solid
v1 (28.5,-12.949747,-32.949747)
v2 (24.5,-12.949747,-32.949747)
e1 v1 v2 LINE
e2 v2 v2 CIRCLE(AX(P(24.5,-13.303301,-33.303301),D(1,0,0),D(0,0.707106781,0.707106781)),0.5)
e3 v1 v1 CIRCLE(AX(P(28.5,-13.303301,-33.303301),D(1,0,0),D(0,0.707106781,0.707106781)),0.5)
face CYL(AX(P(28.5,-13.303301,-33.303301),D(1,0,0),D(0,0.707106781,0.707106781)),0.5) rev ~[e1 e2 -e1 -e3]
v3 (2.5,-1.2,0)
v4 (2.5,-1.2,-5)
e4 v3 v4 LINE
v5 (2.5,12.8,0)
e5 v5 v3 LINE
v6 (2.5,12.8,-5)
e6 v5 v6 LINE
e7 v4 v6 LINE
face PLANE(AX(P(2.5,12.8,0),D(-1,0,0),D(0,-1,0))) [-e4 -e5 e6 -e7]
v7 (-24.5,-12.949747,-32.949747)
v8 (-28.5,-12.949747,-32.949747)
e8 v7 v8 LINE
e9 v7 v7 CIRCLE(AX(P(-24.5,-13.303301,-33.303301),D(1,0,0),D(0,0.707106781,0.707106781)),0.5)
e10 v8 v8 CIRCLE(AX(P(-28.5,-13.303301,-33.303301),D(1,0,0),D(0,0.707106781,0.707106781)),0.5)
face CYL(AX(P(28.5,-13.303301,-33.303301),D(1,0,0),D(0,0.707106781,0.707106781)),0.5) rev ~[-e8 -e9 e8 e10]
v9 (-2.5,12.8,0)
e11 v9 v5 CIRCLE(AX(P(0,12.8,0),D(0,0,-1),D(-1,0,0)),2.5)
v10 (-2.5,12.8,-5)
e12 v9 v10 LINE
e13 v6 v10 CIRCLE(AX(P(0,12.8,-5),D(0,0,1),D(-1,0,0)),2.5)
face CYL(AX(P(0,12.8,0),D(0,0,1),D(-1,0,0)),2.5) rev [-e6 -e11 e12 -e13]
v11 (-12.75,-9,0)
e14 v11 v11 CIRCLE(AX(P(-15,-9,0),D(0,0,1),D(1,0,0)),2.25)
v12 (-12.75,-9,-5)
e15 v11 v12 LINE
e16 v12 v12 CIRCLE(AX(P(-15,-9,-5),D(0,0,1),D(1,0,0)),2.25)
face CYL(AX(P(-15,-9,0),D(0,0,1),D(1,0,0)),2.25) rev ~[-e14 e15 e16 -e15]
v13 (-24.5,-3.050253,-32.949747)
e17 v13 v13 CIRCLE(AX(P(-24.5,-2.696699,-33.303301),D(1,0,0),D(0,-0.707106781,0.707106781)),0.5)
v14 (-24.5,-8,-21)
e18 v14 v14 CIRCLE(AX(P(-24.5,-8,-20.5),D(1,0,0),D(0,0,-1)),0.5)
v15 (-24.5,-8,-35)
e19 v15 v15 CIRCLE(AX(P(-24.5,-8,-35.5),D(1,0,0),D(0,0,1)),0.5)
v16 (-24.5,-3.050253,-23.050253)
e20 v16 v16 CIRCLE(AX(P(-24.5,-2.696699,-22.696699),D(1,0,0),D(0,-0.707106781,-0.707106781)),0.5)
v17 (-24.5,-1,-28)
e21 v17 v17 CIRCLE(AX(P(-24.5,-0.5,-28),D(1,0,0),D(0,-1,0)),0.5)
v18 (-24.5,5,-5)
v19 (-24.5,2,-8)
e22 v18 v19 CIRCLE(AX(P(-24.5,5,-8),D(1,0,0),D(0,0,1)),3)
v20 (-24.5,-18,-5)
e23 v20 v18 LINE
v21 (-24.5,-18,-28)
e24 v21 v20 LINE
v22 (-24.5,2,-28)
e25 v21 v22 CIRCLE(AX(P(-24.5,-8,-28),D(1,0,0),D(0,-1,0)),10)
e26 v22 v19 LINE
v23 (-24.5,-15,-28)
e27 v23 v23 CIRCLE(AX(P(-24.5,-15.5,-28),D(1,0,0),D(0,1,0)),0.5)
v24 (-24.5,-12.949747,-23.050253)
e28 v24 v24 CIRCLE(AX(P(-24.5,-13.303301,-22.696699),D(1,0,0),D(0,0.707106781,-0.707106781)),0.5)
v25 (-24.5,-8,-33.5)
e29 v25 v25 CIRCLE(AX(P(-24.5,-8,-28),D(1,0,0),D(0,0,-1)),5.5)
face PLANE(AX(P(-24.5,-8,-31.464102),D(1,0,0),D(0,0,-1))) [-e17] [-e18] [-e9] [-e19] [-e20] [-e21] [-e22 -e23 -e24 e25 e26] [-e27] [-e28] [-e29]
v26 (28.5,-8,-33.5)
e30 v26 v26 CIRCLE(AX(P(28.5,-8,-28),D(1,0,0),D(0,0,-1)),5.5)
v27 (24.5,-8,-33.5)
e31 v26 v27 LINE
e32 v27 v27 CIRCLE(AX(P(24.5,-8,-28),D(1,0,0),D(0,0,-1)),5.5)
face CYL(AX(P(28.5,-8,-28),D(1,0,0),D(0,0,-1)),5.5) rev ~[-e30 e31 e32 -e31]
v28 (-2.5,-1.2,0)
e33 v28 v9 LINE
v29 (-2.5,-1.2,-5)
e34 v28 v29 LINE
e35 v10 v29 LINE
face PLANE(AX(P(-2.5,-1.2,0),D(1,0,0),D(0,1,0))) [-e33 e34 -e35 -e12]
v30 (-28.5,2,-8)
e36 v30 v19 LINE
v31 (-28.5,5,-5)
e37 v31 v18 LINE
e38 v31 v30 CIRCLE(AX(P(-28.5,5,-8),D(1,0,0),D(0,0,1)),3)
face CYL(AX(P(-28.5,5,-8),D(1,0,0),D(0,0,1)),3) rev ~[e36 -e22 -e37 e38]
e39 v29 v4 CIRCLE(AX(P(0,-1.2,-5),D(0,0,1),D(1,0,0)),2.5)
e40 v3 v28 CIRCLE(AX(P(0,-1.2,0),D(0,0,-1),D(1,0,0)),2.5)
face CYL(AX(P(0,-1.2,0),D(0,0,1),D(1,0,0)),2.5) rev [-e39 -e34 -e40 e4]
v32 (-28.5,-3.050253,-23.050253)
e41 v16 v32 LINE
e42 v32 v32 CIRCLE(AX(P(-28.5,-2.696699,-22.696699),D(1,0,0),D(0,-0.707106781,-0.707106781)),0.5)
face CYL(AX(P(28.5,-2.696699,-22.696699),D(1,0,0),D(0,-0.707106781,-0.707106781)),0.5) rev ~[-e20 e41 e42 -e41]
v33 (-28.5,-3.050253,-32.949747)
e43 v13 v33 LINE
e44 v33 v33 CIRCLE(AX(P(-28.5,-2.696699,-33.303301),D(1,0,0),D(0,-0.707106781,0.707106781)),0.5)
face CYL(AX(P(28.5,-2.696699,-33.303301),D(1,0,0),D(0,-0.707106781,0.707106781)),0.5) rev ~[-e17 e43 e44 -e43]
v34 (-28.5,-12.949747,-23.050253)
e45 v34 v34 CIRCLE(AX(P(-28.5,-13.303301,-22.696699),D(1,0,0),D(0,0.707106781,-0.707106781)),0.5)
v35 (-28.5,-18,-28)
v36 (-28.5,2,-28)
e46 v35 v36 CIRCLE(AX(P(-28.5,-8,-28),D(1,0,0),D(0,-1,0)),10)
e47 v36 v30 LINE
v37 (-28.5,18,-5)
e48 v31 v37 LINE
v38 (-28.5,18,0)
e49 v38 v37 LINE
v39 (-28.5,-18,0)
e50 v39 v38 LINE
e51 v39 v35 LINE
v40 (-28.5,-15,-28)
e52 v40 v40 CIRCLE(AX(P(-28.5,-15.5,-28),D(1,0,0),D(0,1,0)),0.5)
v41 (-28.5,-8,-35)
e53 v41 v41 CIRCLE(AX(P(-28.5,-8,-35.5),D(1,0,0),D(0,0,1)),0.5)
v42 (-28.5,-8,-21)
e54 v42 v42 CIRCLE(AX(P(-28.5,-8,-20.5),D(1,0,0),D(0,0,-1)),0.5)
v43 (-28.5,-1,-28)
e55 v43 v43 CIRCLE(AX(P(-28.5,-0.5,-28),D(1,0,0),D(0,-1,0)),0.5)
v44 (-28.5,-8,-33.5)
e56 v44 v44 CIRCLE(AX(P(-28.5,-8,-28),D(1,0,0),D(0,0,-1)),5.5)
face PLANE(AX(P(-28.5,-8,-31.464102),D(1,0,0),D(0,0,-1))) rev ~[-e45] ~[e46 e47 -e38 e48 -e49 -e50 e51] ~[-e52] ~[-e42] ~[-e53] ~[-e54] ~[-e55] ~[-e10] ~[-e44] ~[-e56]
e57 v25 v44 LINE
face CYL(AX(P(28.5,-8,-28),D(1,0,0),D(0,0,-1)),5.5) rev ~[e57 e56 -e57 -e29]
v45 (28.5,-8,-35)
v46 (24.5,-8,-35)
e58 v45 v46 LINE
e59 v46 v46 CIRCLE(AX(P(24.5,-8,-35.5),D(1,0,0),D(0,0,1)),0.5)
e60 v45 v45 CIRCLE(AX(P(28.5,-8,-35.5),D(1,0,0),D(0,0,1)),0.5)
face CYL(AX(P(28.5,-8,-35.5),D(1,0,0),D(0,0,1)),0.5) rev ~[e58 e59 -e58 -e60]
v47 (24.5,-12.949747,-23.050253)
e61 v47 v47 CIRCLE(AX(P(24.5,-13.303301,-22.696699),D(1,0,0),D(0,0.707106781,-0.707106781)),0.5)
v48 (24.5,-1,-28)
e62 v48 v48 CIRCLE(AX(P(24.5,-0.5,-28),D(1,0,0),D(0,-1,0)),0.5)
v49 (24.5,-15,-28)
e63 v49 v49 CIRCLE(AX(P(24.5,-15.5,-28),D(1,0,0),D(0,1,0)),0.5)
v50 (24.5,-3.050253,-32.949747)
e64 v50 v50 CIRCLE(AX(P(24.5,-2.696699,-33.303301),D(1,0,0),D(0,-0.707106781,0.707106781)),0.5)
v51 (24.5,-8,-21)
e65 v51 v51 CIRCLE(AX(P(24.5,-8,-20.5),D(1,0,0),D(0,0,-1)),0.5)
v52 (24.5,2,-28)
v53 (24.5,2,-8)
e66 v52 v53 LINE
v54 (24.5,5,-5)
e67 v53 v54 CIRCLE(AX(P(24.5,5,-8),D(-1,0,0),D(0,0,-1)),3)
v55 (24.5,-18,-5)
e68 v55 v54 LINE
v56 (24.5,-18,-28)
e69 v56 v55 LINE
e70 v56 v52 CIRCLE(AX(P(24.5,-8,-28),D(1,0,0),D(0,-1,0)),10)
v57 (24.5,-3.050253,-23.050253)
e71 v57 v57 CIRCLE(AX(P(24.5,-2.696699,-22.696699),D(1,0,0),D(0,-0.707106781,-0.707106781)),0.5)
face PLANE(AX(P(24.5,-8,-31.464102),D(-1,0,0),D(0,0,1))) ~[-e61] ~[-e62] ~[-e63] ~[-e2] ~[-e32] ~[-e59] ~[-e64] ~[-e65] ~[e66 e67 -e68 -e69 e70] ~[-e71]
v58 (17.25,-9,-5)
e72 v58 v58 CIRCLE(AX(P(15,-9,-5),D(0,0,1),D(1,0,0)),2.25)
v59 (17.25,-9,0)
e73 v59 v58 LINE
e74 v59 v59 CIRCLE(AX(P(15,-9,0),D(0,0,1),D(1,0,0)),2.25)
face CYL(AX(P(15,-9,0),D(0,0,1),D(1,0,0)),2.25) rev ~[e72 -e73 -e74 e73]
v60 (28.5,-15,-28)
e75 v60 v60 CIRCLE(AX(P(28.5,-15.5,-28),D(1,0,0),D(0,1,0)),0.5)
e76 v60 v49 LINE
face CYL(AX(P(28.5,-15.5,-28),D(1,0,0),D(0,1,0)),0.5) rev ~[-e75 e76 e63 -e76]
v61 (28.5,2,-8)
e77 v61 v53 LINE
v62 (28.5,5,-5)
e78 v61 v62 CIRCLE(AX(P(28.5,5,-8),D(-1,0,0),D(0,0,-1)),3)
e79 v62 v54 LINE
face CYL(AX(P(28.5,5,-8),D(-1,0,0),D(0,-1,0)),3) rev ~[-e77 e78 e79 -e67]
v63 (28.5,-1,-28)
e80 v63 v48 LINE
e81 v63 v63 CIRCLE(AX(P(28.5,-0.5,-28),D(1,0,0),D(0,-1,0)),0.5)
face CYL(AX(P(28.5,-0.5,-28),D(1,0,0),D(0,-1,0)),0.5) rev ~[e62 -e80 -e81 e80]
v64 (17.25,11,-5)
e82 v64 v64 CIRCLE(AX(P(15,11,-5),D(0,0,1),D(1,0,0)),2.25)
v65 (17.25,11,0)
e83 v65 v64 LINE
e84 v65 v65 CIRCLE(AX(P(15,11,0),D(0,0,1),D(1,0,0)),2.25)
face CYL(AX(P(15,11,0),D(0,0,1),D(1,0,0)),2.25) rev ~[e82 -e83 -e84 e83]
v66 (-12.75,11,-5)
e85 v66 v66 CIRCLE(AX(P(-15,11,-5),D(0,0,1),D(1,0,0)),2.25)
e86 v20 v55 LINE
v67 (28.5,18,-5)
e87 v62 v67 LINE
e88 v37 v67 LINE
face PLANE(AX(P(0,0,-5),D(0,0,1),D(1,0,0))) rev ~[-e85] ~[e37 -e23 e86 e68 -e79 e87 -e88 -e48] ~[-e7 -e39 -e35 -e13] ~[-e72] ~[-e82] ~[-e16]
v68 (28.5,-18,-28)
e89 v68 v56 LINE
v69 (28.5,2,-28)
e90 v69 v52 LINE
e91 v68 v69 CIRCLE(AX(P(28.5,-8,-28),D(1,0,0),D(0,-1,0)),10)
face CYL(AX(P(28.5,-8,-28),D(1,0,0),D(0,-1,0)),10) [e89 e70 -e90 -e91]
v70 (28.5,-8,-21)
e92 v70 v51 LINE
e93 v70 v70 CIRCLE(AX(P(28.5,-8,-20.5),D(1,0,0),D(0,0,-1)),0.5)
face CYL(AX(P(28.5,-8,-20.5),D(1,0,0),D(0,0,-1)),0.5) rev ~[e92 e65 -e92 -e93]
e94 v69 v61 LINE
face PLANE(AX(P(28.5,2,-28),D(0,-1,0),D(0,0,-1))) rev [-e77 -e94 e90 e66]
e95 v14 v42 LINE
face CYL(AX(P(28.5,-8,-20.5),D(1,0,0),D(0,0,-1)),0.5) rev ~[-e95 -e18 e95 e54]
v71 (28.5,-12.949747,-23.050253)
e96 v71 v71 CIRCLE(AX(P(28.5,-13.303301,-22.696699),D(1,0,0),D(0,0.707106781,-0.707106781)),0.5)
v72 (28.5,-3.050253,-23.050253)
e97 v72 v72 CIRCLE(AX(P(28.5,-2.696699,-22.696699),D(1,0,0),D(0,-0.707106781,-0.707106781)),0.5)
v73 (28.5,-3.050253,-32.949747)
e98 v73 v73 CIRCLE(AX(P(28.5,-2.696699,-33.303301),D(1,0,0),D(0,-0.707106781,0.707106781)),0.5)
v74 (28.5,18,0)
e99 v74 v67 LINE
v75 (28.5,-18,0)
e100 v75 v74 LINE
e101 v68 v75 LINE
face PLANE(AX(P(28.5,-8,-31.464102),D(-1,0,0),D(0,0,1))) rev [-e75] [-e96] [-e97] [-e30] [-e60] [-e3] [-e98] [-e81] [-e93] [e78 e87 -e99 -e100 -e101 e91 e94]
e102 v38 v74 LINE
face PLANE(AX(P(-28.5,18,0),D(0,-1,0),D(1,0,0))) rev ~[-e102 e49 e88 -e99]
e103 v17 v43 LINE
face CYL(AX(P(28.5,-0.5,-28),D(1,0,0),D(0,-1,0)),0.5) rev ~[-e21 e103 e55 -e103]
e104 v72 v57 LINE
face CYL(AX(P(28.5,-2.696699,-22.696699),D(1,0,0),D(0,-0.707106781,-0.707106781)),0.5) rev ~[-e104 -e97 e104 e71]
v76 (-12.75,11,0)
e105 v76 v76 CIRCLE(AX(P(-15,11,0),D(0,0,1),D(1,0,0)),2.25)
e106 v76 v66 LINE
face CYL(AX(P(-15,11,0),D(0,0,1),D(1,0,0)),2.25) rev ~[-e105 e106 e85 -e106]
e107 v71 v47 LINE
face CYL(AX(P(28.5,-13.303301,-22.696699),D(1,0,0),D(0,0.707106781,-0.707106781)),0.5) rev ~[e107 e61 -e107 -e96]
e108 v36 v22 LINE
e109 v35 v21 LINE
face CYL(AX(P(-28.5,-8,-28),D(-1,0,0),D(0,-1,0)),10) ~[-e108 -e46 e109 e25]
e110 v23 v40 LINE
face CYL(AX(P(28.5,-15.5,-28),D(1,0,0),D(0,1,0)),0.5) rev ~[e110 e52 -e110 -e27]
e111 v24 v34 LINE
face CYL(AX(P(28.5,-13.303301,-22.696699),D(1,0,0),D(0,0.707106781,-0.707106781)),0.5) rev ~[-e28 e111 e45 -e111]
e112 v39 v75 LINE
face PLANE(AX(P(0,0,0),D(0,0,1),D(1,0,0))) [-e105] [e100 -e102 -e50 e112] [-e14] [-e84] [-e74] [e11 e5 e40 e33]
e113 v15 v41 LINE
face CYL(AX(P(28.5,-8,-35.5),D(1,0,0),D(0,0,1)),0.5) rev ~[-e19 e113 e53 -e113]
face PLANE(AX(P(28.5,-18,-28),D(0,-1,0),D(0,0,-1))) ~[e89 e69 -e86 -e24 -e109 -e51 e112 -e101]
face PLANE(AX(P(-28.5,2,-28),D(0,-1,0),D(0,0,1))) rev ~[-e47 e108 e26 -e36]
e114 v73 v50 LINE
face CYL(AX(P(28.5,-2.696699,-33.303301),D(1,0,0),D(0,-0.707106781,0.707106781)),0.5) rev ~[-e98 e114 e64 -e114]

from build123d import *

# Parameters (mm, degrees)
SKETCH1_W            = 57
SKETCH1_H            = 36
BOSS_EXTRUDE1_DEPTH  = 5
SKETCH3_W            = 23
SKETCH3_H            = 20
BOSS_EXTRUDE3_DEPTH  = 4
BOSS_EXTRUDE4_DEPTH  = 4
FILLET1_R            = 3
CUT_EXTRUDE1_REACH   = 40
SKETCH6_R            = 5.5
CUT_EXTRUDE2_DEPTH   = 58
SKETCH7_R            = 0.5
CUT_EXTRUDE3_DEPTH   = 58
CIRPATTERN1_COUNT    = 8
SKETCH8_R            = 2.25
CUT_EXTRUDE4_DEPTH   = 5
LPATTERN1_COUNT      = 2
LPATTERN1_PITCH      = 30
LPATTERN1_COUNT_DIR2 = 2
LPATTERN1_PITCH_DIR2 = 20


with BuildPart() as part:
    # Sketch1 → Boss-Extrude1 (new body)
    with BuildSketch(Plane.XY):
        Rectangle(SKETCH1_W, SKETCH1_H)
    extrude(amount=-BOSS_EXTRUDE1_DEPTH)

    # Sketch3 → Boss-Extrude3 (add)
    with BuildSketch(Plane.ZY.offset(28.5)):
        with Locations((-16.5, -8)):
            Rectangle(SKETCH3_W, SKETCH3_H)
    boss_extrude3 = extrude(amount=-BOSS_EXTRUDE3_DEPTH)

    # Sketch4 → Boss-Extrude4 (add)
    with BuildSketch(Plane.ZY.offset(28.5)):
        with BuildLine():
            Line((-28, 2), (-28, -18))
            ThreePointArc((-28, -18), (-38, -8), (-28, 2))
        make_face()
    boss_extrude4 = extrude(amount=-BOSS_EXTRUDE4_DEPTH)

    # Mirror1: Boss-Extrude3, Boss-Extrude4 across plane
    add(boss_extrude3.mirror(Plane(origin=(0, 0, 0), x_dir=(0, 0, 1), z_dir=(1, 0, 0))))
    add(boss_extrude4.mirror(Plane(origin=(0, 0, 0), x_dir=(0, 0, 1), z_dir=(1, 0, 0))))

    # Fillet1
    fillet1_edges = [part.edges().sort_by_distance(p)[0] for p in [
        (26.5, 2, -5),
        (-26.5, 2, -5),
    ]]
    fillet(fillet1_edges, radius=FILLET1_R)

    # Sketch5 → Cut-Extrude1 (cut, up to next)
    with BuildSketch(Plane.XY, mode=Mode.PRIVATE) as cut_extrude1_sk1:
        with BuildLine():
            Line((-2.5, -1.2), (-2.5, 12.8))
            ThreePointArc((-2.5, 12.8), (0, 15.3), (2.5, 12.8))
            Line((2.5, 12.8), (2.5, -1.2))
            ThreePointArc((2.5, -1.2), (0, -3.7), (-2.5, -1.2))
        make_face()
    cut_extrude1_tool1 = extrude(cut_extrude1_sk1.sketch, amount=-CUT_EXTRUDE1_REACH, mode=Mode.PRIVATE) & part.part
    add(cut_extrude1_tool1.solids().sort_by_distance((0, 5.8, 0))[0], mode=Mode.SUBTRACT)

    # Sketch6 → Cut-Extrude2 (cut, through all)
    with BuildSketch(Plane(origin=(28.5, 0, 0), x_dir=(0, 0, -1), z_dir=(1, 0, 0))):
        with Locations((28, -8)):
            Circle(SKETCH6_R)
    extrude(amount=-CUT_EXTRUDE2_DEPTH, mode=Mode.SUBTRACT)

    # Sketch7 → Cut-Extrude3 (cut, through all)
    with BuildSketch(Plane(origin=(28.5, 0, 0), x_dir=(0, 0, -1), z_dir=(1, 0, 0))):
        with Locations((20.5, -8)):
            Circle(SKETCH7_R)
    cut_extrude3 = extrude(amount=-CUT_EXTRUDE3_DEPTH, mode=Mode.SUBTRACT)

    # CirPattern1: Cut-Extrude3 ×8 about axis
    cirpattern1_axis = Axis((0, -8, -28), (1, 0, 0))
    for i in range(1, CIRPATTERN1_COUNT):
        add(cut_extrude3.rotate(cirpattern1_axis, i * 360 / CIRPATTERN1_COUNT), mode=Mode.SUBTRACT)

    # Sketch8 → Cut-Extrude4 (cut)
    with BuildSketch(Plane.XY):
        with Locations((-15, 11)):
            Circle(SKETCH8_R)
    cut_extrude4 = extrude(amount=-CUT_EXTRUDE4_DEPTH, mode=Mode.SUBTRACT)

    # LPattern1: Cut-Extrude4 2 × 2
    with Locations(*[(i * LPATTERN1_PITCH, -j * LPATTERN1_PITCH_DIR2, 0) for i in range(LPATTERN1_COUNT) for j in range(LPATTERN1_COUNT_DIR2) if (i, j) != (0, 0)]):
        add(cut_extrude4, mode=Mode.SUBTRACT)


solid = part.part
